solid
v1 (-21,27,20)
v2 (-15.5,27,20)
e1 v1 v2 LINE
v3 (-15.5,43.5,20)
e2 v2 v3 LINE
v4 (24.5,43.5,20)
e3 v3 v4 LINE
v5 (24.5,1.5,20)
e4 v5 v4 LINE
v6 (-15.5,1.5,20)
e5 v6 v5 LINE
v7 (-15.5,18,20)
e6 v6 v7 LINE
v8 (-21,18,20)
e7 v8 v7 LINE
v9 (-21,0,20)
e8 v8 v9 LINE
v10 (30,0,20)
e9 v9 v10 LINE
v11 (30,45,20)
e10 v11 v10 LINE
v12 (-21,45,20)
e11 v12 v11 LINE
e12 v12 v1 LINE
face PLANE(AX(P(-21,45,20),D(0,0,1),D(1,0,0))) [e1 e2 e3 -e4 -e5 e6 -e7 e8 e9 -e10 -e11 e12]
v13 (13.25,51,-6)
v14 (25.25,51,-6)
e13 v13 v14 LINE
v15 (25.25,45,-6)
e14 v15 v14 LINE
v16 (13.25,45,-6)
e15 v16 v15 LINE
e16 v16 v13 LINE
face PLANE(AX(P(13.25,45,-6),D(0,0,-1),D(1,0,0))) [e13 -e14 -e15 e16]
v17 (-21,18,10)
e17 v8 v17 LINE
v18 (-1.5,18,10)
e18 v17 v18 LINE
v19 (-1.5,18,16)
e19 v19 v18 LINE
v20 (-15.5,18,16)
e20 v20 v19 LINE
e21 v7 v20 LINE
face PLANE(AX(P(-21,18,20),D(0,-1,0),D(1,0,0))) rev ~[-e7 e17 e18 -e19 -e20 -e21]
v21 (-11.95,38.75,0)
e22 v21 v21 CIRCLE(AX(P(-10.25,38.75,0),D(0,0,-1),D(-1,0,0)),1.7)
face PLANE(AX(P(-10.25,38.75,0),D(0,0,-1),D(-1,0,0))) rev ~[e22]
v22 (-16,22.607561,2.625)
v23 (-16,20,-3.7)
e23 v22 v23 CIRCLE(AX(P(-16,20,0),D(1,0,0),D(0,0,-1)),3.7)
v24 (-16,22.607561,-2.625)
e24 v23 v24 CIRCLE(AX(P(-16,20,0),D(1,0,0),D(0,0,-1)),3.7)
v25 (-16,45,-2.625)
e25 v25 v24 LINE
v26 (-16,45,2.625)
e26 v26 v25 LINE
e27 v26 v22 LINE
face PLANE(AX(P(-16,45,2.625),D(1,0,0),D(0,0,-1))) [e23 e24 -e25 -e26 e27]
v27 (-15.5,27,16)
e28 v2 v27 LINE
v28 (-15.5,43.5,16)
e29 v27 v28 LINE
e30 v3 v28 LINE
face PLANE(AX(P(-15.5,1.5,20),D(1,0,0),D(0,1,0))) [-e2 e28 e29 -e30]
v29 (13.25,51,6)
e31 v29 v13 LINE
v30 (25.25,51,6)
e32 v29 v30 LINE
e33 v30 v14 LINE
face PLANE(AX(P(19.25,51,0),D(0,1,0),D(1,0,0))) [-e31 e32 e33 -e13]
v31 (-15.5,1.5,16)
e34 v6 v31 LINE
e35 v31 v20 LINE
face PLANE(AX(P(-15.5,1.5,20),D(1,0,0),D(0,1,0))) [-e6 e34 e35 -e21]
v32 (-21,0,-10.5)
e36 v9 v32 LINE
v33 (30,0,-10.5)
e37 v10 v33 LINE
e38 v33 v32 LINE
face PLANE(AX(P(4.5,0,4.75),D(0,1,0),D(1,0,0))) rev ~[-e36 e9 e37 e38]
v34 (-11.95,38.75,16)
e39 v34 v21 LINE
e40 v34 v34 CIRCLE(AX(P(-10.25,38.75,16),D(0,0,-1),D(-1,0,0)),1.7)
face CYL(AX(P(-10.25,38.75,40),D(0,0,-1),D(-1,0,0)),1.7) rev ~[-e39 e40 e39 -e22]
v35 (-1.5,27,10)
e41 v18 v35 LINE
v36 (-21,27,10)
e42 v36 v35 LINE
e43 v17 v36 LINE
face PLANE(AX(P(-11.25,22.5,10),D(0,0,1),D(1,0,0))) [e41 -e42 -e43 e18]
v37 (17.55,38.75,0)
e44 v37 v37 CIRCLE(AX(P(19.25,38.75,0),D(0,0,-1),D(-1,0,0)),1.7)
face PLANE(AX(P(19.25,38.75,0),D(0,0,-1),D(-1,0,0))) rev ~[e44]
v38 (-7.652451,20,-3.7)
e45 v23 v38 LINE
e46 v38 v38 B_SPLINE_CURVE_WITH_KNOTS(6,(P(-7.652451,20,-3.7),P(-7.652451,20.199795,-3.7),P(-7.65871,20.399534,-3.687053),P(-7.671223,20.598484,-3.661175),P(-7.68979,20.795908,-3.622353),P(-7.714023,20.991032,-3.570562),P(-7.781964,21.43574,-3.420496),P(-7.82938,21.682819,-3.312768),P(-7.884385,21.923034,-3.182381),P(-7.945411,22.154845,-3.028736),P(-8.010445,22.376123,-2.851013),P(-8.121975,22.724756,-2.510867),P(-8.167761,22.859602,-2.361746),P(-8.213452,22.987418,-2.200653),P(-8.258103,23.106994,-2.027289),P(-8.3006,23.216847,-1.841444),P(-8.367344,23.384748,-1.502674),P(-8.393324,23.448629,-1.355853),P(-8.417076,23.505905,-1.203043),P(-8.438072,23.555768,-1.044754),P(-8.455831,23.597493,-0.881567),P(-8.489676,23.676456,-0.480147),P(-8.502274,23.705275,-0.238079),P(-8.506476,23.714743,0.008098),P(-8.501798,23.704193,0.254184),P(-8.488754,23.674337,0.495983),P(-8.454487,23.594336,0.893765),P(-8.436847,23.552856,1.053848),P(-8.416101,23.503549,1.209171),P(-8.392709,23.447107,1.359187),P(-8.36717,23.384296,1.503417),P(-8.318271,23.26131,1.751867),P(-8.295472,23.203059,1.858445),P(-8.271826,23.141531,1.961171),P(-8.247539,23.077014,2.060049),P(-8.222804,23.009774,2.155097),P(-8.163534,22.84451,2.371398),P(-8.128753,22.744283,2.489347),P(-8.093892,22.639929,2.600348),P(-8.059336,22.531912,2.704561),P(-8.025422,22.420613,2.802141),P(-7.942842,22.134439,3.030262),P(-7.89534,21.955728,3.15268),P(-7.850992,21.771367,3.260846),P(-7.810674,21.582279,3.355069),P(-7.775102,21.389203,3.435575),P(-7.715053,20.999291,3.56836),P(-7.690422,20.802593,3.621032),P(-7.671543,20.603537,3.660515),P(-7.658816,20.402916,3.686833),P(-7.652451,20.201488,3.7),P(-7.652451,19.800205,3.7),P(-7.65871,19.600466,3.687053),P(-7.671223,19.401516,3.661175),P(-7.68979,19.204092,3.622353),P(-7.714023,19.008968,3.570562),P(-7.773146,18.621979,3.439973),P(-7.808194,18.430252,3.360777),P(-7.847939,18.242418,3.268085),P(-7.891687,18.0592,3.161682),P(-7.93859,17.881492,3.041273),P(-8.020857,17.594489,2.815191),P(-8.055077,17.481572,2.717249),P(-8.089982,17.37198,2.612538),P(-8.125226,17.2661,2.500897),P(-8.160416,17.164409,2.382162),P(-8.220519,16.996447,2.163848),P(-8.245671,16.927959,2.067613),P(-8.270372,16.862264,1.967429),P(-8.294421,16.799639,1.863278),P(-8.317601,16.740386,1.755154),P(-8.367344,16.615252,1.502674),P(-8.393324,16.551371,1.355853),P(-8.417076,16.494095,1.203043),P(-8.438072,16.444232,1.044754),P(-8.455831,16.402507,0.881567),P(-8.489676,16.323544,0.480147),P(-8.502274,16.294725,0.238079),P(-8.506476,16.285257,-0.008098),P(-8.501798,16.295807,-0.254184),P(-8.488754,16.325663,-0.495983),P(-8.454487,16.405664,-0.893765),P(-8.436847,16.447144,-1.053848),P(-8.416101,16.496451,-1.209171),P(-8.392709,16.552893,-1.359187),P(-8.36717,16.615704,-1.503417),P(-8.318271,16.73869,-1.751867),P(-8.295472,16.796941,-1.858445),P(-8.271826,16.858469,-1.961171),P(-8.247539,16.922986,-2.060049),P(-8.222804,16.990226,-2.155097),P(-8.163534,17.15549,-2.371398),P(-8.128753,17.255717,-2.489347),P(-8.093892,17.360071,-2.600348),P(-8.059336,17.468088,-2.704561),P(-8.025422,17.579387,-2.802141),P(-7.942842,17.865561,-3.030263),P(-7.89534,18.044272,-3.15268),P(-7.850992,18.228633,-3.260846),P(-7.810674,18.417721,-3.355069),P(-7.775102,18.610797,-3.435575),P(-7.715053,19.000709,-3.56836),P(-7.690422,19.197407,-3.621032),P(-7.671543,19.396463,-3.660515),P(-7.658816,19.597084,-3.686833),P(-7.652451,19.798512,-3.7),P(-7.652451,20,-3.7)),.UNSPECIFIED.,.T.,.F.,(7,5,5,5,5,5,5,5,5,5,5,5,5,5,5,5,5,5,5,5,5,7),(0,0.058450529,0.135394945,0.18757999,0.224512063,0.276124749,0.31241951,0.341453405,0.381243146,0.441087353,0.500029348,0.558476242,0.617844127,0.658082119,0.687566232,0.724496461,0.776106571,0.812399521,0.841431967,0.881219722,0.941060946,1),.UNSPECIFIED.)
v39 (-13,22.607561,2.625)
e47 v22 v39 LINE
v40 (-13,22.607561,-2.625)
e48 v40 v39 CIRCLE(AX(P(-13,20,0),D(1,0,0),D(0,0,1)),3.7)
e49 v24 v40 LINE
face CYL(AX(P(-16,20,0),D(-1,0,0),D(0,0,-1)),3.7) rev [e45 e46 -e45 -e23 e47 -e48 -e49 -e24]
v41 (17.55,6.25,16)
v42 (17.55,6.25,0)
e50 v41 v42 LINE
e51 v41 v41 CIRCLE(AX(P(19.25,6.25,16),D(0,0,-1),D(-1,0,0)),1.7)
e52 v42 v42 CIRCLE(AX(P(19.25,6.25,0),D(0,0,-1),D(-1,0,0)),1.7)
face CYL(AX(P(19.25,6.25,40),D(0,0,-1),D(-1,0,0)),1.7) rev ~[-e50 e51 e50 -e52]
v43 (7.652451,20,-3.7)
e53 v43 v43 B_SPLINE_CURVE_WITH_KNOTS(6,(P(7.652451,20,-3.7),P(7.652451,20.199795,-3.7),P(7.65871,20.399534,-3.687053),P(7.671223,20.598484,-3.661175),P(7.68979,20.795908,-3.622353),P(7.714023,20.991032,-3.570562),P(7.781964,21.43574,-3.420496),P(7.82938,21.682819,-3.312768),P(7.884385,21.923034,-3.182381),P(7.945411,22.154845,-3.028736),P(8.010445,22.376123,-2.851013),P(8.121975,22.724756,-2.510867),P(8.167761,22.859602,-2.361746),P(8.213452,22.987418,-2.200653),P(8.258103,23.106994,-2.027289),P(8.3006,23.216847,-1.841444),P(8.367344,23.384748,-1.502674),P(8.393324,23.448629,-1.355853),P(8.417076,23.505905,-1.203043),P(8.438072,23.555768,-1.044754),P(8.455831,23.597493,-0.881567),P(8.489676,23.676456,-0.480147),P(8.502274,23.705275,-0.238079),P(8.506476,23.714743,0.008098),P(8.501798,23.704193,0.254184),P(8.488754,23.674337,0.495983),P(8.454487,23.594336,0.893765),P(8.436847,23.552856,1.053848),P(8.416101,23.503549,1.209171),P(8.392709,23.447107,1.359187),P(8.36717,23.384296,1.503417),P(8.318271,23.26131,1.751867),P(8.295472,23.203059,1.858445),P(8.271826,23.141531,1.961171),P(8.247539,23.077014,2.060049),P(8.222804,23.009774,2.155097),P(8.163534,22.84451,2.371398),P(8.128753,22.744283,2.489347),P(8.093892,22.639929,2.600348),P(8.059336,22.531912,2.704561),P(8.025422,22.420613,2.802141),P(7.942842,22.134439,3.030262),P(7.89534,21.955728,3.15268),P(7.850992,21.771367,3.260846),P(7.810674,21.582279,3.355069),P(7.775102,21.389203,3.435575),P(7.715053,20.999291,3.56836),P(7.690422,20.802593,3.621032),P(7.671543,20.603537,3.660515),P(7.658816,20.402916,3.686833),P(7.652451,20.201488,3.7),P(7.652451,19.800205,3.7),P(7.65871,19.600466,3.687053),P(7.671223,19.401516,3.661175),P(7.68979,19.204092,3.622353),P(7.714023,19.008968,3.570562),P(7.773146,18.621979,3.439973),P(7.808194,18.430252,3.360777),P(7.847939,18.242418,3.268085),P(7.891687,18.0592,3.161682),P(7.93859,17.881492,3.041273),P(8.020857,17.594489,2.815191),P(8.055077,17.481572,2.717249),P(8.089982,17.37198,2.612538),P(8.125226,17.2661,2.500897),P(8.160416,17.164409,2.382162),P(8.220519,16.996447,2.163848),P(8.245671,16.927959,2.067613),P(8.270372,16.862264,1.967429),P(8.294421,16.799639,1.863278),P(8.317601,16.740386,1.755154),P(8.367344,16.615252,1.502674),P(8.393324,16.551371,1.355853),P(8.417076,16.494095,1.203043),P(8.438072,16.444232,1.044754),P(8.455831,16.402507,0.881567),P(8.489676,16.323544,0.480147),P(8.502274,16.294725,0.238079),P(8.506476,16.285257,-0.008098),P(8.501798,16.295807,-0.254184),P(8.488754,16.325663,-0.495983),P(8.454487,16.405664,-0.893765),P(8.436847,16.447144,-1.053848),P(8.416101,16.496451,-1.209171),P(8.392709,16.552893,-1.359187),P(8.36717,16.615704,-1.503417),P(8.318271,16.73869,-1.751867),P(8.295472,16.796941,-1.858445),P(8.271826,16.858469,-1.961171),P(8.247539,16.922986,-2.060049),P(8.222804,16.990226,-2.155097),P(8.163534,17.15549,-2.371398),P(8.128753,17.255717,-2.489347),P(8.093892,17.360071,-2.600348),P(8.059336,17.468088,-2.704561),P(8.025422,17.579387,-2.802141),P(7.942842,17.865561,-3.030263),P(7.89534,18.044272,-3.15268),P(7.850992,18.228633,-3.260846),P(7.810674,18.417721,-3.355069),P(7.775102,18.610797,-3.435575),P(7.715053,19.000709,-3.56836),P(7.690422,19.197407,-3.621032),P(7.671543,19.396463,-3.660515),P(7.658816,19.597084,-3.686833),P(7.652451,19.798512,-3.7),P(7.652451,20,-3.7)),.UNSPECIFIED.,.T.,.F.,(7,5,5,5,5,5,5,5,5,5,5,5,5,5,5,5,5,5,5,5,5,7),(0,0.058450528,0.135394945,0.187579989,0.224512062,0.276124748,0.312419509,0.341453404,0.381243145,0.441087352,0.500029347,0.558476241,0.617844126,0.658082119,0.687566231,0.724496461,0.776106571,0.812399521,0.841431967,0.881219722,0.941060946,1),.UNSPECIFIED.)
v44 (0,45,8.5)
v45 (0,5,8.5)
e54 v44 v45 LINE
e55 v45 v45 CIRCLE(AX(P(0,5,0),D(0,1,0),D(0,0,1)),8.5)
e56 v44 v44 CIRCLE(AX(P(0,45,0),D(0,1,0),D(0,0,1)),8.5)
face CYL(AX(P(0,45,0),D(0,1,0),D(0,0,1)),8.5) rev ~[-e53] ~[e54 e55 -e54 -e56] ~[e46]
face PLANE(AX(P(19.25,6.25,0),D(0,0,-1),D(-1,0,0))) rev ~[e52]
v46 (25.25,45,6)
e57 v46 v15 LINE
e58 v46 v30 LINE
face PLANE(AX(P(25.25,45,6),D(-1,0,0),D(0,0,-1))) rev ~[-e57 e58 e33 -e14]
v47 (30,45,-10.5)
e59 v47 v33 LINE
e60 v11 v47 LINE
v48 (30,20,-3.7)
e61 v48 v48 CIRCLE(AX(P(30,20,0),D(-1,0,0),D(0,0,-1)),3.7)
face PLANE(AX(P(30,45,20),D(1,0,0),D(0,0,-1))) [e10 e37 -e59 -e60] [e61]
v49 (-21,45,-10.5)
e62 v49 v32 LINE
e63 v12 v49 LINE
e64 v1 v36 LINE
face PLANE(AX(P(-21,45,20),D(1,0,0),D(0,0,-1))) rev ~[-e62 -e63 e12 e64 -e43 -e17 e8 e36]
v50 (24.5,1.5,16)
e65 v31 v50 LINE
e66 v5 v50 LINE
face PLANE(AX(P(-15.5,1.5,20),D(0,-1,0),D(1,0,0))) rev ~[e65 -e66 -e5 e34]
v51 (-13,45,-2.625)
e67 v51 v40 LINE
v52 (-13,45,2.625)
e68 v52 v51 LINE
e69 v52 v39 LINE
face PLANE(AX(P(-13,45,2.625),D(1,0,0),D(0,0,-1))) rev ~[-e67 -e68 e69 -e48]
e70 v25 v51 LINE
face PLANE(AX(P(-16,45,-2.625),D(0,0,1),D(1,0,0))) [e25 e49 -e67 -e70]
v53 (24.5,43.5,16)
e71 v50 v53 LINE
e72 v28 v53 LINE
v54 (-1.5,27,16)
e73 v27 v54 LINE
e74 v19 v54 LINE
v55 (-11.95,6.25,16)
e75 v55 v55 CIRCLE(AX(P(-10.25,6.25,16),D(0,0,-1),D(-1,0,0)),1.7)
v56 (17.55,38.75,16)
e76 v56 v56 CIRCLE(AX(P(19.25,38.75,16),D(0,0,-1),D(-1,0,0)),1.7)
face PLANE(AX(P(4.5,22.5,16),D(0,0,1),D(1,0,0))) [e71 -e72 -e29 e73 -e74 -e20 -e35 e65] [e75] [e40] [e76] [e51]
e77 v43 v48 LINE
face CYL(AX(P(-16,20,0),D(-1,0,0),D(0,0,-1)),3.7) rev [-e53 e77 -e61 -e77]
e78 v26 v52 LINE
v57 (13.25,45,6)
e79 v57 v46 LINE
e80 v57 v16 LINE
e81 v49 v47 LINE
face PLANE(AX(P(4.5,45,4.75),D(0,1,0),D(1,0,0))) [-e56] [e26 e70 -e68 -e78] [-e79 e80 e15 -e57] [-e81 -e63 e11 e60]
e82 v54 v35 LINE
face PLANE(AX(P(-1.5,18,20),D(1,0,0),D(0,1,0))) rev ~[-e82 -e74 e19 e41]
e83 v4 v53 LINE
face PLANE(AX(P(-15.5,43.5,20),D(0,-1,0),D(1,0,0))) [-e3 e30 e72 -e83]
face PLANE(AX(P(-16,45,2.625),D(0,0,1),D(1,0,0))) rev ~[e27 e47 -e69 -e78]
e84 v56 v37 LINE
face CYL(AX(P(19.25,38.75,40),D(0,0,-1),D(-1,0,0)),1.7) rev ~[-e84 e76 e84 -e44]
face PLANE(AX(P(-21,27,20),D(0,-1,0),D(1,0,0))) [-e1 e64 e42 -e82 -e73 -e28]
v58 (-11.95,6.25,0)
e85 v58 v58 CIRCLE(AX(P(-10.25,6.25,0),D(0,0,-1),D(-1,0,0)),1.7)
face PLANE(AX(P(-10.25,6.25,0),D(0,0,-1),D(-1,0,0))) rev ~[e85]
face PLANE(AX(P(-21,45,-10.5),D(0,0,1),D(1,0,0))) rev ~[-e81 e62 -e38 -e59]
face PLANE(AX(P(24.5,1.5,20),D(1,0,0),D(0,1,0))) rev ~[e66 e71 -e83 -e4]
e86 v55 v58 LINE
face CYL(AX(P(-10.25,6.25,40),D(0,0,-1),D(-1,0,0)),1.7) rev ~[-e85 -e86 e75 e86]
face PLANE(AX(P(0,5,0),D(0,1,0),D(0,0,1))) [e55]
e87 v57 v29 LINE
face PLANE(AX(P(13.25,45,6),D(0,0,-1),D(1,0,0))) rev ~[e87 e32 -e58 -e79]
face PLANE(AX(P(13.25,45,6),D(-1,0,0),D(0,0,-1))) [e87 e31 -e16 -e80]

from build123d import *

# Parameters (mm, degrees)
BASE_R                        = 10.5
CUTLURE_TUBE_HOUSING_DEPTH    = 45
SKETCH1_W                     = 51
SKETCH1_H                     = 30.5
DETECTOR_LASER_HOUSING_DEPTH  = 45
CULTURE_SLOT_R                = 8.5
CULTURE_TUBE_SLOT_DEPTH       = 40
LASER_PORT_DEPTH              = 58.662812973
LASER_PORT_DEPTH_BACK         = 16
SKETCH3_R                     = 3.7
CUT_EXTRUDE3_REACH            = 59.663
CUT_EXTRUDE3_END_RADIUS       = 3.7
SKETCH4_W                     = 3
SKETCH4_H                     = 5.25
LED_DISPLAY_SCREW_HOLES_D     = 3.4
LED_DISPLAY_SCREW_HOLES_DEPTH = 20
SKETCH14_W                    = 40
SKETCH14_H                    = 42
CUT_EXTRUDE4_DEPTH            = 4
SKETCH16_W                    = 19.5
SKETCH16_H                    = 9
CUT_EXTRUDE6_DEPTH            = 10
SKETCH17_W                    = 12
SKETCH17_H                    = 12
BOSS_EXTRUDE3_DEPTH           = 6


with BuildPart() as part:
    # Base → Cutlure Tube Housing (new body)
    with BuildSketch(Plane(origin=(0, 0, 0), x_dir=(1, 0, 0), z_dir=(0, 1, 0))):
        with Locations(Location((0, 0, 0), (0, 0, 90))):
            Circle(BASE_R)
    extrude(amount=CUTLURE_TUBE_HOUSING_DEPTH)

    # Sketch1 → Detector+Laser Housing (add)
    with BuildSketch(Plane(origin=(0, 45, 0), x_dir=(1, 0, 0), z_dir=(0, 1, 0))):
        with Locations((4.5, -4.75)):
            Rectangle(SKETCH1_W, SKETCH1_H)
    extrude(amount=-DETECTOR_LASER_HOUSING_DEPTH)

    # Culture Slot → Culture Tube Slot (cut)
    with BuildSketch(Plane(origin=(0, 45, 0), x_dir=(1, 0, 0), z_dir=(0, 1, 0))):
        with Locations(Location((0, 0, 0), (0, 0, 270))):
            Circle(CULTURE_SLOT_R)
    extrude(amount=-CULTURE_TUBE_SLOT_DEPTH, mode=Mode.SUBTRACT)

    # Sketch3 → Laser Port (cut, two sides: drawn at the far end of the back side and taken through both)
    with BuildSketch(Plane(origin=(0, 0, 0), x_dir=(0, 0, -1), z_dir=(1, 0, 0)).offset(-LASER_PORT_DEPTH_BACK)):
        with Locations((0, 20)):
            Circle(SKETCH3_R)
    extrude(amount=LASER_PORT_DEPTH + LASER_PORT_DEPTH_BACK, mode=Mode.SUBTRACT)

    # Cut-Extrude3: up to this cylinder (the profile starts outside it)
    cut_extrude3_end = Plane(origin=(-14.5, 20, 0), z_dir=(1, 0, 0)) * Cylinder(CUT_EXTRUDE3_END_RADIUS, 127.726, mode=Mode.PRIVATE)
    # Sketch4 → Cut-Extrude3 (cut, up to the surface)
    with BuildSketch(Plane(origin=(0, 45, 0), x_dir=(1, 0, 0), z_dir=(0, 1, 0)), mode=Mode.PRIVATE) as cut_extrude3_sk1:
        with Locations((-14.5, 0)):
            Rectangle(SKETCH4_W, SKETCH4_H)
    cut_extrude3_tool1 = extrude(cut_extrude3_sk1.sketch, amount=-CUT_EXTRUDE3_REACH, mode=Mode.PRIVATE) - cut_extrude3_end
    add(cut_extrude3_tool1.solids().sort_by_distance((-14.5, 45, 0))[0], mode=Mode.SUBTRACT)

    # LED display Screw Holes
    with Locations(Plane.XY.offset(20)):
        with Locations((-10.25, 38.75), (-10.25, 6.25), (19.25, 38.75), (19.25, 6.25)):
            Hole(LED_DISPLAY_SCREW_HOLES_D / 2, depth=LED_DISPLAY_SCREW_HOLES_DEPTH)

    # Sketch14 → Cut-Extrude4 (cut)
    with BuildSketch(Plane.XY.offset(20)):
        with Locations((4.5, 22.5)):
            Rectangle(SKETCH14_W, SKETCH14_H)
    extrude(amount=-CUT_EXTRUDE4_DEPTH, mode=Mode.SUBTRACT)

    # Sketch16 → Cut-Extrude6 (cut)
    with BuildSketch(Plane.XY.offset(20)):
        with Locations((-11.25, 22.5)):
            Rectangle(SKETCH16_W, SKETCH16_H)
    extrude(amount=-CUT_EXTRUDE6_DEPTH, mode=Mode.SUBTRACT)

    # Sketch17 → Boss-Extrude3 (add)
    with BuildSketch(Plane(origin=(0, 45, 0), x_dir=(1, 0, 0), z_dir=(0, 1, 0))):
        with Locations((19.25, 0)):
            Rectangle(SKETCH17_W, SKETCH17_H)
    extrude(amount=BOSS_EXTRUDE3_DEPTH)


solid = part.part
